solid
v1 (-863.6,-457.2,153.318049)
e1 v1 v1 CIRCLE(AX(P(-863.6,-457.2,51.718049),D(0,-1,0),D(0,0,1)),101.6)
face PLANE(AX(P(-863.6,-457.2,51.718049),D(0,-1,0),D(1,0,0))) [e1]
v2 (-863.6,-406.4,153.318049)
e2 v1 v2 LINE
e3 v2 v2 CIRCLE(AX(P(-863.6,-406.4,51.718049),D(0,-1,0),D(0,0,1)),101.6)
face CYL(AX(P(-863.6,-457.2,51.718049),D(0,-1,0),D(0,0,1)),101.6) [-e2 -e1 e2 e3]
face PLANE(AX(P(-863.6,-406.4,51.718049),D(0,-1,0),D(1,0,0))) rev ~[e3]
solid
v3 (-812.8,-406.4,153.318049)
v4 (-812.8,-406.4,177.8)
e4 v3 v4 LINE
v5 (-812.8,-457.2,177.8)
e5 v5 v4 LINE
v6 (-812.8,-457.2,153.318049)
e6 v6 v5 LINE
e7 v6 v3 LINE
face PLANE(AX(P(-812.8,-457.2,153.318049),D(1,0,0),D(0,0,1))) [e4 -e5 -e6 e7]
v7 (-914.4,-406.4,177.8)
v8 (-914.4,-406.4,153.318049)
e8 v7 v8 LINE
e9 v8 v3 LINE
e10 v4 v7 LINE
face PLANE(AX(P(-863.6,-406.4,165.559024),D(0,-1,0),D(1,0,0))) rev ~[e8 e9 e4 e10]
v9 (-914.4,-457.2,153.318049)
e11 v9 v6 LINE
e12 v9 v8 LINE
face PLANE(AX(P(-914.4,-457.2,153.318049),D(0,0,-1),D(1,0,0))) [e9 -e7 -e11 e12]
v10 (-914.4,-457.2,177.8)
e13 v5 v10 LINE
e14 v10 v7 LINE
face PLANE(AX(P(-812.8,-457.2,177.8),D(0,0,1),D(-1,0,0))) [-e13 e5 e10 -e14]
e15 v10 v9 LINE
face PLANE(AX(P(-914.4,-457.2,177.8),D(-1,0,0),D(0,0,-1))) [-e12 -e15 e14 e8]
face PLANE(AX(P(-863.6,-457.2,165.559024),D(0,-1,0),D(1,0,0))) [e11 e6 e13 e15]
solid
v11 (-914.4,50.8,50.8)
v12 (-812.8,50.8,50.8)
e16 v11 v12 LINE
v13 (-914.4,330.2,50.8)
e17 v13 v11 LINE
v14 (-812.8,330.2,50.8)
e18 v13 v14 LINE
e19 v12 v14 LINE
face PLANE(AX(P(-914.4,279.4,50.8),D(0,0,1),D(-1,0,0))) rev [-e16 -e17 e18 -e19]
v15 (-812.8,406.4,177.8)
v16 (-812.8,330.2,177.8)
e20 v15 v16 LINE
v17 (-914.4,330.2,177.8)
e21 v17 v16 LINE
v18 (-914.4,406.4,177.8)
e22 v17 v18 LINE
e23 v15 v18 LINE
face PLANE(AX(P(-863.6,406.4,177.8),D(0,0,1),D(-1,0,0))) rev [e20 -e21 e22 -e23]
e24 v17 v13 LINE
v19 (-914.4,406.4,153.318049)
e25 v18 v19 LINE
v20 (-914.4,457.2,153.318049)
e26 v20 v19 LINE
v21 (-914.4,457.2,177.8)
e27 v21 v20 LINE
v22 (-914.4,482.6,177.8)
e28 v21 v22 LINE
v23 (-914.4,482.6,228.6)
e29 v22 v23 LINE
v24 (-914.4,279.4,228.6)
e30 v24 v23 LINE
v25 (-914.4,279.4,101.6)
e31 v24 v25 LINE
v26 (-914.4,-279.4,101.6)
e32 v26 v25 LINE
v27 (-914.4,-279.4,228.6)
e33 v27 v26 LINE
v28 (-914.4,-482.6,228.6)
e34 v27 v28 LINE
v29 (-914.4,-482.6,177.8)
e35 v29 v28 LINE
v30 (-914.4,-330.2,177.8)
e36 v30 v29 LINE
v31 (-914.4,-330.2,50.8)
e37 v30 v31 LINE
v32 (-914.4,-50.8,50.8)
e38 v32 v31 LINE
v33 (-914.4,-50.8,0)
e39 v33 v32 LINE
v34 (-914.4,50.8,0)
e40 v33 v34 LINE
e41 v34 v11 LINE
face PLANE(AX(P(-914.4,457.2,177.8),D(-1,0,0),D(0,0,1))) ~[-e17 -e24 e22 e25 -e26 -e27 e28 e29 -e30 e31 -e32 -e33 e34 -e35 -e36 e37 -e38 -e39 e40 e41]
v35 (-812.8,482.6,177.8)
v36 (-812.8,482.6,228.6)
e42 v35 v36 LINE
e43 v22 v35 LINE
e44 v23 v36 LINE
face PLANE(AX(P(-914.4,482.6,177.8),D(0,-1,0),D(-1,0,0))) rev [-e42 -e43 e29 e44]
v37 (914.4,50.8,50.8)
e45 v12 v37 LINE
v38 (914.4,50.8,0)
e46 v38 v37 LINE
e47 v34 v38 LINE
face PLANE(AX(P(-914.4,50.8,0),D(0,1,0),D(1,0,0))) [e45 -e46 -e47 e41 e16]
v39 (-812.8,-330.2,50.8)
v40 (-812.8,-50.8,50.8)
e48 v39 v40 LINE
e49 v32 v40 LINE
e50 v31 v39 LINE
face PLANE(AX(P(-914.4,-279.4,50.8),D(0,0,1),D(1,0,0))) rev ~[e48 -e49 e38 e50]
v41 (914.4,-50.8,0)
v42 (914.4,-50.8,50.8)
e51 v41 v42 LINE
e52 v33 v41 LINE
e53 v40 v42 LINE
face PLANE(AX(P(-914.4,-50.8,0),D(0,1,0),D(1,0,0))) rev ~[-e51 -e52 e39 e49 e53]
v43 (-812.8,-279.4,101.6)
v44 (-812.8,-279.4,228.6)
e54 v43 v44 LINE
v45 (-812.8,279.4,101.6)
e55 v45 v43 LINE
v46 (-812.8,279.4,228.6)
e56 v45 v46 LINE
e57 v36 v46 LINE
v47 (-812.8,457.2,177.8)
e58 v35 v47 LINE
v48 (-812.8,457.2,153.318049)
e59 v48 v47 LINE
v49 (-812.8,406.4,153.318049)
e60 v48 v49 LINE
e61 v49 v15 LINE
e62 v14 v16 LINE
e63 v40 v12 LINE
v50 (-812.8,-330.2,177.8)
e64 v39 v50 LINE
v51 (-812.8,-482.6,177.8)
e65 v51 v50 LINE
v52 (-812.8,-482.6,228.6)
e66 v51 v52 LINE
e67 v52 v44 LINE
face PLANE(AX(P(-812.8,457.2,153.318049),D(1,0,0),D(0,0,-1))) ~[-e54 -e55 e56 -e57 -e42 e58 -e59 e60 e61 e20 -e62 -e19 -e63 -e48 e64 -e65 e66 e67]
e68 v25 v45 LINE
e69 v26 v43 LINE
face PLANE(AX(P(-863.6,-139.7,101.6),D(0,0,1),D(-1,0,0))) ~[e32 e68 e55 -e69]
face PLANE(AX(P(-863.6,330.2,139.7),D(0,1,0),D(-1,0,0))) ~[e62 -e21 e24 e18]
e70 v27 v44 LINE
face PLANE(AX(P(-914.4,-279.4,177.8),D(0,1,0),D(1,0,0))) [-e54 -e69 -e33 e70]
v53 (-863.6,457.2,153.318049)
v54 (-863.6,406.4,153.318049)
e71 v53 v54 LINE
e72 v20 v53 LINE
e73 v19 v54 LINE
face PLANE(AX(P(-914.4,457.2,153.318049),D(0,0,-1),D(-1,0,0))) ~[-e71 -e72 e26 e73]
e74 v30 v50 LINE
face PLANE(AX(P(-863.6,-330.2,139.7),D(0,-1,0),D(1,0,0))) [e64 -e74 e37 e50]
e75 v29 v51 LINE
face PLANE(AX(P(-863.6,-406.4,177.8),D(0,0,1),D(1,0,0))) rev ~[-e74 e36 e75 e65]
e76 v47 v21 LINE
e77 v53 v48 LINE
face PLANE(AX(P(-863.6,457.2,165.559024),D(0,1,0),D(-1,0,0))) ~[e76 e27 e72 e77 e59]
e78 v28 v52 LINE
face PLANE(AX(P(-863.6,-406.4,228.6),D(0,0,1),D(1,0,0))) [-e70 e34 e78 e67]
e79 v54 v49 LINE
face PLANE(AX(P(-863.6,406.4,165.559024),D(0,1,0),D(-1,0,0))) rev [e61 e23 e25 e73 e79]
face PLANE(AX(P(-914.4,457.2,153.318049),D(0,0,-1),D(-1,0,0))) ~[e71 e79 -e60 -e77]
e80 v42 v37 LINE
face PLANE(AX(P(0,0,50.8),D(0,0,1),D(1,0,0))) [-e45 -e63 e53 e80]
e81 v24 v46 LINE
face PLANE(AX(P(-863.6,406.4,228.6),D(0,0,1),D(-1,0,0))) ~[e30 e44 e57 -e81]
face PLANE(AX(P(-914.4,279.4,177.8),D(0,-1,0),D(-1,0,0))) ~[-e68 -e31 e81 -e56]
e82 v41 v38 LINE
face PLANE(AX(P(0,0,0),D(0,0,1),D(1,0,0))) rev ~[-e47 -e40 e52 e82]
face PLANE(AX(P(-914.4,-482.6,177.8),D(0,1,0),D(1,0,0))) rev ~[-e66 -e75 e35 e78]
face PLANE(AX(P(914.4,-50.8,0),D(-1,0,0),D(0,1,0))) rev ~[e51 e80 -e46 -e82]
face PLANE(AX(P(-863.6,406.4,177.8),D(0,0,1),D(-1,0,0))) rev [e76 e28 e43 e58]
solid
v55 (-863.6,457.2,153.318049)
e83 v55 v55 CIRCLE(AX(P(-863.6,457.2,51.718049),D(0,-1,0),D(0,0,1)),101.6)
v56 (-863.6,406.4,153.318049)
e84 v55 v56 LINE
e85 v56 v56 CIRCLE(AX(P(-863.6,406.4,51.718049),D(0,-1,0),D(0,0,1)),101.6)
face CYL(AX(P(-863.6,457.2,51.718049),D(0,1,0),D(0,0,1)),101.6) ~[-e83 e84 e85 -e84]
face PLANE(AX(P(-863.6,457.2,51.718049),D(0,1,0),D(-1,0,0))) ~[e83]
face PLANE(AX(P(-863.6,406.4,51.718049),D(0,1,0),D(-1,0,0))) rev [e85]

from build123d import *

# Parameters (mm, degrees)
F0_W      = 1828.8
F0_H      = 101.6
F1_DEPTH  = 50.8
F2_W      = 101.6
F2_H      = 177.8
F2_H_2    = 101.6
F2_H_3    = 228.6
F3_DEPTH  = 50.8
F4_W      = 101.6
F4_H      = 76.2
F4_H_2    = 50.8
F5_DEPTH  = 50.8
F6_W      = 101.6
F6_H      = 152.4
F6_H_2    = 50.8
F7_DEPTH  = 50.8
F10_DEPTH = 50.8


with BuildPart() as f1:
    # F0 (on Top) → F1 (new body)
    with BuildSketch(Plane.XY):
        Rectangle(F0_W, F0_H)
    extrude(amount=F1_DEPTH)

    # F2 (on face) → F3 (join)
    with BuildSketch(Plane.XY.offset(50.8)):
        with Locations((-863.6, 139.7)):
            Rectangle(F2_W, F2_H)
        with Locations((-863.6, 0)):
            Rectangle(F2_W, F2_H_2)
        with Locations((-863.6, -165.1)):
            Rectangle(F2_W, F2_H_3)
    extrude(amount=F3_DEPTH)

    # F4 (on face) → F5 (join)
    with BuildSketch(Plane.XZ.offset(279.4)):
        with Locations((-863.6, 139.7)):
            Rectangle(F4_W, F4_H)
        with Locations((-863.6, 76.2)):
            Rectangle(F4_W, F4_H_2)
    extrude(amount=F5_DEPTH)

    # F6 (on face) → F7 (join)
    with BuildSketch(Plane.XY.offset(177.8)):
        with Locations((-863.6, -406.4)):
            Rectangle(F6_W, F6_H)
        with Locations((-863.6, -304.8)):
            Rectangle(F6_W, F6_H_2)
    extrude(amount=F7_DEPTH)

    # F11: F1, F10, F10b across plane


with BuildPart() as f10:
    # F9 (on offset) → F10 (new body)
    with BuildSketch(Plane.XZ.offset(457.2)):
        with BuildLine():
            ThreePointArc((-762, 51.7180485362), (-791.7579510314, 123.5600975047), (-863.6, 153.3180485362))
            ThreePointArc((-863.6, 153.3180485362), (-935.4420489686, -20.1240004324), (-762, 51.7180485362))
        make_face()
    extrude(amount=-F10_DEPTH)


with BuildPart() as f10b:
    # F9 (on offset) → F10, piece 2 (new body)
    with BuildSketch(Plane.XZ.offset(457.2)):
        Polygon((-812.8, 177.8), (-914.4, 177.8), (-914.4, 153.3180485362), (-863.6, 153.3180485362), (-812.8, 153.3180485362), align=None)
    extrude(amount=-F10_DEPTH)


with BuildPart() as f1_1:
    add(f1.part)
    add(f1.part.mirror(Plane.XZ))
    add(f10.part.mirror(Plane.XZ))
    add(f10b.part.mirror(Plane.XZ))


solid = Compound([f10.part, f10b.part, f1_1.part])
